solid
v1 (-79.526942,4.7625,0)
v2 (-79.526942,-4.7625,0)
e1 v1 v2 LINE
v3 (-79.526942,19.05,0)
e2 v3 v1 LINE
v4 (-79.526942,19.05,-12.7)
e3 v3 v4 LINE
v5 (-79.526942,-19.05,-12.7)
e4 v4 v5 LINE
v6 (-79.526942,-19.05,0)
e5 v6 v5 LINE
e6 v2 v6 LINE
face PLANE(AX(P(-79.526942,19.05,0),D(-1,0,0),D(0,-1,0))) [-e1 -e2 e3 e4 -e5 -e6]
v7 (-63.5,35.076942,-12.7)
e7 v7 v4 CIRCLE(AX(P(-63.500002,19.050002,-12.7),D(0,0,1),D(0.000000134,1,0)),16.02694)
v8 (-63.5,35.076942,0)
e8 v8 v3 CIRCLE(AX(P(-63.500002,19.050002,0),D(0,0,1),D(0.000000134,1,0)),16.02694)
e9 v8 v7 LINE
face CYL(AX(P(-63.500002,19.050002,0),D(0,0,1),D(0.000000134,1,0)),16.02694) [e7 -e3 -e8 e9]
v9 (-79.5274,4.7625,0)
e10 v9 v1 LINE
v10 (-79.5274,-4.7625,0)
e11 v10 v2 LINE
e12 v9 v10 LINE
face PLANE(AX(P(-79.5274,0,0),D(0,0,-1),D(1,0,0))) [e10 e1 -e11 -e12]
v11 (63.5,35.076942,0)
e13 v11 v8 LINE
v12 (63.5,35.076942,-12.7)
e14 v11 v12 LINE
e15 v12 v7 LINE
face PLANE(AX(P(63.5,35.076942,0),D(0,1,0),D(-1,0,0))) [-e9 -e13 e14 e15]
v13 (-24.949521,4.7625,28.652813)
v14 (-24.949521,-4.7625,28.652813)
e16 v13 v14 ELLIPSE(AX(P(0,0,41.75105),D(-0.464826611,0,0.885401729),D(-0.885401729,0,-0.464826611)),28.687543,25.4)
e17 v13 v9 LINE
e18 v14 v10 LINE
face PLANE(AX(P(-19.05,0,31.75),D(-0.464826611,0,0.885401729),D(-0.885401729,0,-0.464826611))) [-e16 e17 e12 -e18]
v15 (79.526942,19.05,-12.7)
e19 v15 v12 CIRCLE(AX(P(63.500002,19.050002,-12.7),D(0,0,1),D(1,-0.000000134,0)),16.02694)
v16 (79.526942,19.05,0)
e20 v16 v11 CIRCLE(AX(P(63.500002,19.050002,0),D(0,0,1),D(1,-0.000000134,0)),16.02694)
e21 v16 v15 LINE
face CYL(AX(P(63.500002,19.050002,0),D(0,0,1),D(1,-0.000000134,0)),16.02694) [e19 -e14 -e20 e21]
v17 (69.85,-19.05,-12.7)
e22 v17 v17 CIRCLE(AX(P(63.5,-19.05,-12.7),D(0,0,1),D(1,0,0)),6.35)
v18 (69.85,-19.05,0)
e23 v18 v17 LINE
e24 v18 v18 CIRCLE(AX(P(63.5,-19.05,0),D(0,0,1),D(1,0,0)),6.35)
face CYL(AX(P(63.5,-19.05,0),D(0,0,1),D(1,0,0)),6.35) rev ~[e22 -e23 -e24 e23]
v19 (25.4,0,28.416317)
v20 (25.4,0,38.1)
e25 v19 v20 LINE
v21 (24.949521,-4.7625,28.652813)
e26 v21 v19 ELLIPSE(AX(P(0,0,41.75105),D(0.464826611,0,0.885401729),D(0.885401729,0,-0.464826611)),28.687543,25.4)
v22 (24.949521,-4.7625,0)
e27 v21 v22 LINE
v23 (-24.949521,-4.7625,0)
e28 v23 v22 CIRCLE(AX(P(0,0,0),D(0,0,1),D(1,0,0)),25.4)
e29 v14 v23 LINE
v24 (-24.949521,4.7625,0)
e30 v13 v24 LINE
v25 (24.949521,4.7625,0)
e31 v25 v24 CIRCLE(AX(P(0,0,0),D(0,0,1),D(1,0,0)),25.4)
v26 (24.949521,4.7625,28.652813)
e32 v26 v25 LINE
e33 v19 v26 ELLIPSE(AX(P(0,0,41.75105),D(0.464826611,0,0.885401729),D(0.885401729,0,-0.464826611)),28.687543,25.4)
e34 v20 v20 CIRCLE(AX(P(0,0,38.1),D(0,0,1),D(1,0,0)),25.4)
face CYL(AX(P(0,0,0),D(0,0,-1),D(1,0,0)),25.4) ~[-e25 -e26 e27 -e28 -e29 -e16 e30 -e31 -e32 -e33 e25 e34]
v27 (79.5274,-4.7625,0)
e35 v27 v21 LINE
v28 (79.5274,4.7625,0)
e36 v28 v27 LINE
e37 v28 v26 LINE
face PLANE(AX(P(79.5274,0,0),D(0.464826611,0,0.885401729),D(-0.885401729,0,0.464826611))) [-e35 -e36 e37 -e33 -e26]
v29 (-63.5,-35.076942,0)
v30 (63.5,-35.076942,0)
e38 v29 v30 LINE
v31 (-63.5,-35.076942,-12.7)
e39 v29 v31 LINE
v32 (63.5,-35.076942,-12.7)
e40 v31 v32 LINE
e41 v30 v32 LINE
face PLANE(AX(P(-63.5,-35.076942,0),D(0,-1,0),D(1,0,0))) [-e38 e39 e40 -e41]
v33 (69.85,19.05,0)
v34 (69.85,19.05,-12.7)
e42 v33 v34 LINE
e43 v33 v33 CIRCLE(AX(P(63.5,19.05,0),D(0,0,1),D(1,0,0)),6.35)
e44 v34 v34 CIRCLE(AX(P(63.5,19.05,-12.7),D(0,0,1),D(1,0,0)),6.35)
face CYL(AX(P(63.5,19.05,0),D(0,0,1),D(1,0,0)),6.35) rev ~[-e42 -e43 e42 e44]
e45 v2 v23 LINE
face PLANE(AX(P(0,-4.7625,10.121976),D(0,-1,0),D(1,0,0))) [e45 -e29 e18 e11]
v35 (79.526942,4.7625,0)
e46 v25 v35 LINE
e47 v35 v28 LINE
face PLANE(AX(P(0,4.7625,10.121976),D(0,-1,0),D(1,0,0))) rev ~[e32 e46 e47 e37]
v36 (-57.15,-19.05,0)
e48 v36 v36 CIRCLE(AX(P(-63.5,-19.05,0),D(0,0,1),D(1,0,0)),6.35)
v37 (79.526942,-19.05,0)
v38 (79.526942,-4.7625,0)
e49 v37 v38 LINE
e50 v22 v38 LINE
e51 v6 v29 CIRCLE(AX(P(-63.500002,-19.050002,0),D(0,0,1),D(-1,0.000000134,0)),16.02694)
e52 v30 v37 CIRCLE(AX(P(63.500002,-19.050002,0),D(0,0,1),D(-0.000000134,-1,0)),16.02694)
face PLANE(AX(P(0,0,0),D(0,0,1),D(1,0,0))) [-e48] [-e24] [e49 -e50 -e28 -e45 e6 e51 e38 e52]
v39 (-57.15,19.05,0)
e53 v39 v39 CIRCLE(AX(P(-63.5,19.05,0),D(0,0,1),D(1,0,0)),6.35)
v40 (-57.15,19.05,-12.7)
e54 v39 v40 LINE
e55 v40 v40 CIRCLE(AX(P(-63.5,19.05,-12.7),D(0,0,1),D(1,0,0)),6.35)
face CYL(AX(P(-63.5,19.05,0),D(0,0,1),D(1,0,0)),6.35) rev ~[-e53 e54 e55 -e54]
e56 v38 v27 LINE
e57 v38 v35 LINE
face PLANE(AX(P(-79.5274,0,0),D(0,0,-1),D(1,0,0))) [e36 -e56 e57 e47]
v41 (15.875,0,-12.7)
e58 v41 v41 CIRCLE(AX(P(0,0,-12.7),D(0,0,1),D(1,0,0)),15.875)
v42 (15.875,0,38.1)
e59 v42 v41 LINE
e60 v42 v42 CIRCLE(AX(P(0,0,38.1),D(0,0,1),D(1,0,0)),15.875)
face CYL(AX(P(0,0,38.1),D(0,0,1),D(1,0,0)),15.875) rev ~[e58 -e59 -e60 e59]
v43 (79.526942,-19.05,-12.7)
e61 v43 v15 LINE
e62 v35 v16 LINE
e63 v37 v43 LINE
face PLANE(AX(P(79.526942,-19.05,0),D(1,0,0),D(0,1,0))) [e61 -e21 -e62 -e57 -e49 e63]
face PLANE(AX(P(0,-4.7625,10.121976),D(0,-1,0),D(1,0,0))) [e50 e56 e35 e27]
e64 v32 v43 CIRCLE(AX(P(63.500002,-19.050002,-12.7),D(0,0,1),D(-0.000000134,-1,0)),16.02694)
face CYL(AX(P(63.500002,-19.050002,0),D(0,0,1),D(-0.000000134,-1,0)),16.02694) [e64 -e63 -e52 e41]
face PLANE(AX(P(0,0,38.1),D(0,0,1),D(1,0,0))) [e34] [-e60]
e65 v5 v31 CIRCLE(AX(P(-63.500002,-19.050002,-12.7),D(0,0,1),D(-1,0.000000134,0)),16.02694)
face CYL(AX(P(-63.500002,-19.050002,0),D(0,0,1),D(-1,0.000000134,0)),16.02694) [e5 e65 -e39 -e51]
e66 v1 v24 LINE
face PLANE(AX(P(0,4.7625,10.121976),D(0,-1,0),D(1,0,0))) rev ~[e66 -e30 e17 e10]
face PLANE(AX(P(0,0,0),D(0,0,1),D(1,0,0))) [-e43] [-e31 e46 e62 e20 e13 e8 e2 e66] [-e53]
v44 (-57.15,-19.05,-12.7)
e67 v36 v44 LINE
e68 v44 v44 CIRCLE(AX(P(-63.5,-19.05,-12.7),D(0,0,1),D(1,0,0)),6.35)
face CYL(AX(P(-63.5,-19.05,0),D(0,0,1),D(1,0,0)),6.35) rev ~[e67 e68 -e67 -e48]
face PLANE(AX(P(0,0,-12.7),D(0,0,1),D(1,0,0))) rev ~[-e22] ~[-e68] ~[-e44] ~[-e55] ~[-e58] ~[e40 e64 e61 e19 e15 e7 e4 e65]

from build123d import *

# Parameters (mm, degrees)
F0_R     = 6.35
F1_DEPTH = 12.7
F2_R     = 25.4
F3_DEPTH = 38.1
F5_DEPTH = 4.7625
F6_R     = 15.875
F7_DEPTH = 50.801


with BuildPart() as f1:
    # F0 (on Top) → F1 (new body)
    with BuildSketch(Plane.XY):
        with BuildLine():
            Line((-63.5, -35.076942), (0, -35.076942))
            Line((0, -35.076942), (63.5, -35.076942))
            ThreePointArc((63.5, -35.076942), (74.83276, -30.38276), (79.526942, -19.05))
            Line((79.526942, -19.05), (79.526942, 0))
            Line((79.526942, 0), (79.526942, 19.05))
            ThreePointArc((79.526942, 19.05), (74.83276, 30.38276), (63.5, 35.076942))
            Line((63.5, 35.076942), (0, 35.076942))
            Line((0, 35.076942), (-63.5, 35.076942))
            ThreePointArc((-63.5, 35.076942), (-74.83276, 30.38276), (-79.526942, 19.05))
            Line((-79.526942, 19.05), (-79.526942, 0))
            Line((-79.526942, 0), (-79.526942, -19.05))
            ThreePointArc((-79.526942, -19.05), (-74.83276, -30.38276), (-63.5, -35.076942))
        make_face()
        with Locations((-63.5, -19.05)):
            Circle(F0_R, mode=Mode.SUBTRACT)
        with Locations((63.5, -19.05)):
            Circle(F0_R, mode=Mode.SUBTRACT)
        with Locations((-63.5, 19.05)):
            Circle(F0_R, mode=Mode.SUBTRACT)
        with Locations((63.5, 19.05)):
            Circle(F0_R, mode=Mode.SUBTRACT)
    extrude(amount=-F1_DEPTH)

    # F2 (on face) → F3 (join)
    with BuildSketch(Plane.XY):
        Circle(F2_R)
    extrude(amount=F3_DEPTH)

    # F4 (on Front) → F5 (join, symmetric)
    with BuildSketch(Plane.XZ):
        Polygon((-19.05, 31.75), (-79.5274, 0), (79.5274, 0), (19.05, 31.75), align=None)
    extrude(amount=F5_DEPTH, both=True)

    # F6 (on face) → F7 (cut, through all)
    with BuildSketch(Plane.XY.offset(38.1)):
        Circle(F6_R)
    extrude(amount=-F7_DEPTH, mode=Mode.SUBTRACT)


solid = f1.part
